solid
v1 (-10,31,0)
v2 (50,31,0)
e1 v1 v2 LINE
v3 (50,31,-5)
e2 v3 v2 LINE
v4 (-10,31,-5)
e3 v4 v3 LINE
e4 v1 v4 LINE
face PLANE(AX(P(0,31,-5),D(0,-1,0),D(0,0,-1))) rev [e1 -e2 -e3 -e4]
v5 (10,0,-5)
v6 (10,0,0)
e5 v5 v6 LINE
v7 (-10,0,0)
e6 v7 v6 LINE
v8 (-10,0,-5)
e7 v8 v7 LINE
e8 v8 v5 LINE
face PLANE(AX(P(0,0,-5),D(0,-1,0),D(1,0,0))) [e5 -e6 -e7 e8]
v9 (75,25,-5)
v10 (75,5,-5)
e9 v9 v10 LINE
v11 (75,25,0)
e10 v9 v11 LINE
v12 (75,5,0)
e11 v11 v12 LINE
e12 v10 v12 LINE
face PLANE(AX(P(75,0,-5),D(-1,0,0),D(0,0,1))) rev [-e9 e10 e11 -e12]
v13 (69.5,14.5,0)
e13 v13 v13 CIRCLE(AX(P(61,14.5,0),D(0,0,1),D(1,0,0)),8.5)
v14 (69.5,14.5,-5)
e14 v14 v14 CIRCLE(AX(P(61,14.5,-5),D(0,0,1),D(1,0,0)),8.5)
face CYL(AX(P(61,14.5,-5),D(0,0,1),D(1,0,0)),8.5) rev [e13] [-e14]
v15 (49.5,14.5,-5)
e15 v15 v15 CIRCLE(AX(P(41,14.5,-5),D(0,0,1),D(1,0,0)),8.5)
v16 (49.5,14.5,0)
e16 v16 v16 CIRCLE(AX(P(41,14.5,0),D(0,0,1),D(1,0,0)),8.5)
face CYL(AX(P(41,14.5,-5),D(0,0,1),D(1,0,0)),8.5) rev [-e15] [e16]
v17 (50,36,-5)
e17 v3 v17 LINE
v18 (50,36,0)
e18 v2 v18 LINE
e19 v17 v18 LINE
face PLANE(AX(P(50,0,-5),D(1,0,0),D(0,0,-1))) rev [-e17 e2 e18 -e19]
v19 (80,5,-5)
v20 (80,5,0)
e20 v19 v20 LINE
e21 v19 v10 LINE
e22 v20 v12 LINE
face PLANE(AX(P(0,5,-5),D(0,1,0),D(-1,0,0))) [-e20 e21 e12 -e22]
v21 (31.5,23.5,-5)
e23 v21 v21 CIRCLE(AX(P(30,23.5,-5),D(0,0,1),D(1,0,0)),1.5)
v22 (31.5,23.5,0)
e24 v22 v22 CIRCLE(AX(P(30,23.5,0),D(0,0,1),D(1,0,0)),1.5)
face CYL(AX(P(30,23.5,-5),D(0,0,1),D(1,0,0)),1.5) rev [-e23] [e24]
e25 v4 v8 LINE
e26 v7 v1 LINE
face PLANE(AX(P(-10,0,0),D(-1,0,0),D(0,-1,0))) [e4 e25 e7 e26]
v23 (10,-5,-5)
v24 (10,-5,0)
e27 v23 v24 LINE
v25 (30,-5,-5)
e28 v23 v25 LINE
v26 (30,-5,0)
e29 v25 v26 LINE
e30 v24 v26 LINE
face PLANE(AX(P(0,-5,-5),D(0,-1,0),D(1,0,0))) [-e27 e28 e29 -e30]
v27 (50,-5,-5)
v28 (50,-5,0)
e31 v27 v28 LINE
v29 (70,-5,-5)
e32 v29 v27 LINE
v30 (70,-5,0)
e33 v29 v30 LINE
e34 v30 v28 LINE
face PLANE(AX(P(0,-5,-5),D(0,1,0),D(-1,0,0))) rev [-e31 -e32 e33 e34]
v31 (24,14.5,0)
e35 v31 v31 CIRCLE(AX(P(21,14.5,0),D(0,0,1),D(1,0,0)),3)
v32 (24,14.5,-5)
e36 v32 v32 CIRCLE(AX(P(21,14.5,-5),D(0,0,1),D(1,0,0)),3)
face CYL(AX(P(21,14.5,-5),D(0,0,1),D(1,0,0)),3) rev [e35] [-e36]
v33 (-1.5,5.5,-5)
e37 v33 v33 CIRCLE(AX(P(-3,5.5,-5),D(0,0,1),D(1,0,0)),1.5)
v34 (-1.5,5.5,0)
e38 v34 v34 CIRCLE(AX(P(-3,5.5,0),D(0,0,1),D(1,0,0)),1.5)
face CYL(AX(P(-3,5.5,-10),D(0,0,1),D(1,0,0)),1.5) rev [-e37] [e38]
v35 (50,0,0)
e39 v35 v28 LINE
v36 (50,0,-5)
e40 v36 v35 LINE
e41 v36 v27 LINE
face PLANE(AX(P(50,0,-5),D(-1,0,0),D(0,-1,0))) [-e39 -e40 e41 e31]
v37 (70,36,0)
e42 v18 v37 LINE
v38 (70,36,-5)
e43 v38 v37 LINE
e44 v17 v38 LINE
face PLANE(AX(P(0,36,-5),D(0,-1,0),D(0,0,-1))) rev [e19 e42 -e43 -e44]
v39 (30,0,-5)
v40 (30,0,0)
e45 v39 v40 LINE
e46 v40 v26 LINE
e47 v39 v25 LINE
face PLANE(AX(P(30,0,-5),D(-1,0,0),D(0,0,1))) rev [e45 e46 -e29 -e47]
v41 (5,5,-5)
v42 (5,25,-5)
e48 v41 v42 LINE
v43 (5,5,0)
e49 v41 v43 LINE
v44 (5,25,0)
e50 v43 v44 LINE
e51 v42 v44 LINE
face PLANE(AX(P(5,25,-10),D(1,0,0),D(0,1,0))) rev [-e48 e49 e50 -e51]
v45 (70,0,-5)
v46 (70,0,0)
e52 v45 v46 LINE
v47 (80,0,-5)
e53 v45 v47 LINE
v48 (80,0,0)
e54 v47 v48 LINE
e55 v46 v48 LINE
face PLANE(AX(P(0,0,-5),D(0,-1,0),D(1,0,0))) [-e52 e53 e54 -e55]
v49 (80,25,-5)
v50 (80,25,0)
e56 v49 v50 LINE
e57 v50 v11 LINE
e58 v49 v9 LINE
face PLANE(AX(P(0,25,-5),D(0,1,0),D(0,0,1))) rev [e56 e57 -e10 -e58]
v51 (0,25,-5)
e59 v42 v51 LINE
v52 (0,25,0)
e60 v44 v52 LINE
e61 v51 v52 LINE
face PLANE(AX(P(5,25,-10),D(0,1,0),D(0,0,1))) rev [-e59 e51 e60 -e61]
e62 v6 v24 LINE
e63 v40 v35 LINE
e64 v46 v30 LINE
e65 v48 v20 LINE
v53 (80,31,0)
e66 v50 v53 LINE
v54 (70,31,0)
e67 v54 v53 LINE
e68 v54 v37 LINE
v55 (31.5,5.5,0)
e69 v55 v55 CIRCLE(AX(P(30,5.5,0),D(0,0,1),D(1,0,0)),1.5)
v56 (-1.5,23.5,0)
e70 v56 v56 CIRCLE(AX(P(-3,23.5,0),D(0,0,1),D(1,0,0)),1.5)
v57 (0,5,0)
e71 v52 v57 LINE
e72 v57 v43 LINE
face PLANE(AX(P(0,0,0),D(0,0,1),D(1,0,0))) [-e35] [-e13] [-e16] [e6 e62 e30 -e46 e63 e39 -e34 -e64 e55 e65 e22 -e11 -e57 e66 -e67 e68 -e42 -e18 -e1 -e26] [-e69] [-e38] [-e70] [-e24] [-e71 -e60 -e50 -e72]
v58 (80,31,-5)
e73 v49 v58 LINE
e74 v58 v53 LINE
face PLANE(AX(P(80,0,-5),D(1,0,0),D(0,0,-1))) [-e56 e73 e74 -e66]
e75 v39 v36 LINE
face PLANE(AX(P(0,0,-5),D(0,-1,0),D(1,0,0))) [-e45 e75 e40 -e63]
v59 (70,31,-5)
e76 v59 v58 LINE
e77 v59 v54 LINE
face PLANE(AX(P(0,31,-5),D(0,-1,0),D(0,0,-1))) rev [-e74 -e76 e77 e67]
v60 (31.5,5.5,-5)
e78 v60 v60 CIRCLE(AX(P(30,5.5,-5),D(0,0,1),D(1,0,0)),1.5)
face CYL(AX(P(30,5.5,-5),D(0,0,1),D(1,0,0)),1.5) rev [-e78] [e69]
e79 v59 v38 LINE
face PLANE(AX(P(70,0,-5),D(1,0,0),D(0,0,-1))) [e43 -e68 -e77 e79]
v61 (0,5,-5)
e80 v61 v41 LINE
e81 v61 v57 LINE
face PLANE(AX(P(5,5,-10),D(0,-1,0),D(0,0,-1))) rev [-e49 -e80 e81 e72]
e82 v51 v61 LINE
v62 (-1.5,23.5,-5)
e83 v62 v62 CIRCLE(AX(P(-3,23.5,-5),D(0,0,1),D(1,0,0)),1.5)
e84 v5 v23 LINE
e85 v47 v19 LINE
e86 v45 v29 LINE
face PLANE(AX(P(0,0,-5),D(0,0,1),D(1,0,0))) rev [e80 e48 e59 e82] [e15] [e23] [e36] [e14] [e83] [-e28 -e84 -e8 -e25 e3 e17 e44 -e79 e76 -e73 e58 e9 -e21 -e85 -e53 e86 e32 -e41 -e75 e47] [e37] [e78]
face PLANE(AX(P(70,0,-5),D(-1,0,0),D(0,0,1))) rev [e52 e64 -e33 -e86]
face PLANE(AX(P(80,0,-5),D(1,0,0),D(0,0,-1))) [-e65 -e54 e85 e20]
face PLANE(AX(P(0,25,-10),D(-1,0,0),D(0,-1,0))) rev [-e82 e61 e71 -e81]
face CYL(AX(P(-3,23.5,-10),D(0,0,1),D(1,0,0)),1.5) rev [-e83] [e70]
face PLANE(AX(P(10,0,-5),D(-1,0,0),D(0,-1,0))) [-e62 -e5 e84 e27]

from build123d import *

# Parameters (mm, degrees)
SKETCH2_R           = 3
SKETCH2_R_2         = 8.5
SKETCH2_R_3         = 1.5
BOSS_EXTRUDE1_DEPTH = 5
SKETCH3_W           = 5
SKETCH3_H           = 31
BOSS_EXTRUDE2_DEPTH = 10
SKETCH4_R           = 1.5
SKETCH4_W           = 5
SKETCH4_H           = 20
CUT_EXTRUDE1_DEPTH  = 10


with BuildPart() as part:
    # Sketch2 → Boss-Extrude1 (new body)
    with BuildSketch(Plane.XY):
        Polygon((0, 0), (10, 0), (10, -5), (30, -5), (30, 0), (50, 0), (50, -5), (70, -5), (70, 0), (80, 0), (80, 5), (75, 5), (75, 23), (75, 25), (80, 25), (80, 31), (70, 31), (70, 36), (50, 36), (50, 31), (0, 31), align=None)
        with Locations((21, 14.5)):
            Circle(SKETCH2_R, mode=Mode.SUBTRACT)
        with Locations((41, 14.5)):
            Circle(SKETCH2_R_2, mode=Mode.SUBTRACT)
        with Locations((61, 14.5)):
            Circle(SKETCH2_R_2, mode=Mode.SUBTRACT)
        with Locations((30, 23.5)):
            Circle(SKETCH2_R_3, mode=Mode.SUBTRACT)
        with Locations((30, 5.5)):
            Circle(SKETCH2_R_3, mode=Mode.SUBTRACT)
    extrude(amount=-BOSS_EXTRUDE1_DEPTH)

    # Sketch3 → Boss-Extrude2 (add)
    with BuildSketch(Plane.ZY):
        with Locations((-2.5, 15.5)):
            Rectangle(SKETCH3_W, SKETCH3_H)
    extrude(amount=BOSS_EXTRUDE2_DEPTH)

    # Sketch4 → Cut-Extrude1 (cut)
    with BuildSketch(Plane.XY):
        with Locations((-3, 23.5)):
            Circle(SKETCH4_R)
        with Locations((-3, 5.5)):
            Circle(SKETCH4_R)
        with Locations((2.5, 15)):
            Rectangle(SKETCH4_W, SKETCH4_H)
    extrude(amount=-CUT_EXTRUDE1_DEPTH, mode=Mode.SUBTRACT)


solid = part.part
